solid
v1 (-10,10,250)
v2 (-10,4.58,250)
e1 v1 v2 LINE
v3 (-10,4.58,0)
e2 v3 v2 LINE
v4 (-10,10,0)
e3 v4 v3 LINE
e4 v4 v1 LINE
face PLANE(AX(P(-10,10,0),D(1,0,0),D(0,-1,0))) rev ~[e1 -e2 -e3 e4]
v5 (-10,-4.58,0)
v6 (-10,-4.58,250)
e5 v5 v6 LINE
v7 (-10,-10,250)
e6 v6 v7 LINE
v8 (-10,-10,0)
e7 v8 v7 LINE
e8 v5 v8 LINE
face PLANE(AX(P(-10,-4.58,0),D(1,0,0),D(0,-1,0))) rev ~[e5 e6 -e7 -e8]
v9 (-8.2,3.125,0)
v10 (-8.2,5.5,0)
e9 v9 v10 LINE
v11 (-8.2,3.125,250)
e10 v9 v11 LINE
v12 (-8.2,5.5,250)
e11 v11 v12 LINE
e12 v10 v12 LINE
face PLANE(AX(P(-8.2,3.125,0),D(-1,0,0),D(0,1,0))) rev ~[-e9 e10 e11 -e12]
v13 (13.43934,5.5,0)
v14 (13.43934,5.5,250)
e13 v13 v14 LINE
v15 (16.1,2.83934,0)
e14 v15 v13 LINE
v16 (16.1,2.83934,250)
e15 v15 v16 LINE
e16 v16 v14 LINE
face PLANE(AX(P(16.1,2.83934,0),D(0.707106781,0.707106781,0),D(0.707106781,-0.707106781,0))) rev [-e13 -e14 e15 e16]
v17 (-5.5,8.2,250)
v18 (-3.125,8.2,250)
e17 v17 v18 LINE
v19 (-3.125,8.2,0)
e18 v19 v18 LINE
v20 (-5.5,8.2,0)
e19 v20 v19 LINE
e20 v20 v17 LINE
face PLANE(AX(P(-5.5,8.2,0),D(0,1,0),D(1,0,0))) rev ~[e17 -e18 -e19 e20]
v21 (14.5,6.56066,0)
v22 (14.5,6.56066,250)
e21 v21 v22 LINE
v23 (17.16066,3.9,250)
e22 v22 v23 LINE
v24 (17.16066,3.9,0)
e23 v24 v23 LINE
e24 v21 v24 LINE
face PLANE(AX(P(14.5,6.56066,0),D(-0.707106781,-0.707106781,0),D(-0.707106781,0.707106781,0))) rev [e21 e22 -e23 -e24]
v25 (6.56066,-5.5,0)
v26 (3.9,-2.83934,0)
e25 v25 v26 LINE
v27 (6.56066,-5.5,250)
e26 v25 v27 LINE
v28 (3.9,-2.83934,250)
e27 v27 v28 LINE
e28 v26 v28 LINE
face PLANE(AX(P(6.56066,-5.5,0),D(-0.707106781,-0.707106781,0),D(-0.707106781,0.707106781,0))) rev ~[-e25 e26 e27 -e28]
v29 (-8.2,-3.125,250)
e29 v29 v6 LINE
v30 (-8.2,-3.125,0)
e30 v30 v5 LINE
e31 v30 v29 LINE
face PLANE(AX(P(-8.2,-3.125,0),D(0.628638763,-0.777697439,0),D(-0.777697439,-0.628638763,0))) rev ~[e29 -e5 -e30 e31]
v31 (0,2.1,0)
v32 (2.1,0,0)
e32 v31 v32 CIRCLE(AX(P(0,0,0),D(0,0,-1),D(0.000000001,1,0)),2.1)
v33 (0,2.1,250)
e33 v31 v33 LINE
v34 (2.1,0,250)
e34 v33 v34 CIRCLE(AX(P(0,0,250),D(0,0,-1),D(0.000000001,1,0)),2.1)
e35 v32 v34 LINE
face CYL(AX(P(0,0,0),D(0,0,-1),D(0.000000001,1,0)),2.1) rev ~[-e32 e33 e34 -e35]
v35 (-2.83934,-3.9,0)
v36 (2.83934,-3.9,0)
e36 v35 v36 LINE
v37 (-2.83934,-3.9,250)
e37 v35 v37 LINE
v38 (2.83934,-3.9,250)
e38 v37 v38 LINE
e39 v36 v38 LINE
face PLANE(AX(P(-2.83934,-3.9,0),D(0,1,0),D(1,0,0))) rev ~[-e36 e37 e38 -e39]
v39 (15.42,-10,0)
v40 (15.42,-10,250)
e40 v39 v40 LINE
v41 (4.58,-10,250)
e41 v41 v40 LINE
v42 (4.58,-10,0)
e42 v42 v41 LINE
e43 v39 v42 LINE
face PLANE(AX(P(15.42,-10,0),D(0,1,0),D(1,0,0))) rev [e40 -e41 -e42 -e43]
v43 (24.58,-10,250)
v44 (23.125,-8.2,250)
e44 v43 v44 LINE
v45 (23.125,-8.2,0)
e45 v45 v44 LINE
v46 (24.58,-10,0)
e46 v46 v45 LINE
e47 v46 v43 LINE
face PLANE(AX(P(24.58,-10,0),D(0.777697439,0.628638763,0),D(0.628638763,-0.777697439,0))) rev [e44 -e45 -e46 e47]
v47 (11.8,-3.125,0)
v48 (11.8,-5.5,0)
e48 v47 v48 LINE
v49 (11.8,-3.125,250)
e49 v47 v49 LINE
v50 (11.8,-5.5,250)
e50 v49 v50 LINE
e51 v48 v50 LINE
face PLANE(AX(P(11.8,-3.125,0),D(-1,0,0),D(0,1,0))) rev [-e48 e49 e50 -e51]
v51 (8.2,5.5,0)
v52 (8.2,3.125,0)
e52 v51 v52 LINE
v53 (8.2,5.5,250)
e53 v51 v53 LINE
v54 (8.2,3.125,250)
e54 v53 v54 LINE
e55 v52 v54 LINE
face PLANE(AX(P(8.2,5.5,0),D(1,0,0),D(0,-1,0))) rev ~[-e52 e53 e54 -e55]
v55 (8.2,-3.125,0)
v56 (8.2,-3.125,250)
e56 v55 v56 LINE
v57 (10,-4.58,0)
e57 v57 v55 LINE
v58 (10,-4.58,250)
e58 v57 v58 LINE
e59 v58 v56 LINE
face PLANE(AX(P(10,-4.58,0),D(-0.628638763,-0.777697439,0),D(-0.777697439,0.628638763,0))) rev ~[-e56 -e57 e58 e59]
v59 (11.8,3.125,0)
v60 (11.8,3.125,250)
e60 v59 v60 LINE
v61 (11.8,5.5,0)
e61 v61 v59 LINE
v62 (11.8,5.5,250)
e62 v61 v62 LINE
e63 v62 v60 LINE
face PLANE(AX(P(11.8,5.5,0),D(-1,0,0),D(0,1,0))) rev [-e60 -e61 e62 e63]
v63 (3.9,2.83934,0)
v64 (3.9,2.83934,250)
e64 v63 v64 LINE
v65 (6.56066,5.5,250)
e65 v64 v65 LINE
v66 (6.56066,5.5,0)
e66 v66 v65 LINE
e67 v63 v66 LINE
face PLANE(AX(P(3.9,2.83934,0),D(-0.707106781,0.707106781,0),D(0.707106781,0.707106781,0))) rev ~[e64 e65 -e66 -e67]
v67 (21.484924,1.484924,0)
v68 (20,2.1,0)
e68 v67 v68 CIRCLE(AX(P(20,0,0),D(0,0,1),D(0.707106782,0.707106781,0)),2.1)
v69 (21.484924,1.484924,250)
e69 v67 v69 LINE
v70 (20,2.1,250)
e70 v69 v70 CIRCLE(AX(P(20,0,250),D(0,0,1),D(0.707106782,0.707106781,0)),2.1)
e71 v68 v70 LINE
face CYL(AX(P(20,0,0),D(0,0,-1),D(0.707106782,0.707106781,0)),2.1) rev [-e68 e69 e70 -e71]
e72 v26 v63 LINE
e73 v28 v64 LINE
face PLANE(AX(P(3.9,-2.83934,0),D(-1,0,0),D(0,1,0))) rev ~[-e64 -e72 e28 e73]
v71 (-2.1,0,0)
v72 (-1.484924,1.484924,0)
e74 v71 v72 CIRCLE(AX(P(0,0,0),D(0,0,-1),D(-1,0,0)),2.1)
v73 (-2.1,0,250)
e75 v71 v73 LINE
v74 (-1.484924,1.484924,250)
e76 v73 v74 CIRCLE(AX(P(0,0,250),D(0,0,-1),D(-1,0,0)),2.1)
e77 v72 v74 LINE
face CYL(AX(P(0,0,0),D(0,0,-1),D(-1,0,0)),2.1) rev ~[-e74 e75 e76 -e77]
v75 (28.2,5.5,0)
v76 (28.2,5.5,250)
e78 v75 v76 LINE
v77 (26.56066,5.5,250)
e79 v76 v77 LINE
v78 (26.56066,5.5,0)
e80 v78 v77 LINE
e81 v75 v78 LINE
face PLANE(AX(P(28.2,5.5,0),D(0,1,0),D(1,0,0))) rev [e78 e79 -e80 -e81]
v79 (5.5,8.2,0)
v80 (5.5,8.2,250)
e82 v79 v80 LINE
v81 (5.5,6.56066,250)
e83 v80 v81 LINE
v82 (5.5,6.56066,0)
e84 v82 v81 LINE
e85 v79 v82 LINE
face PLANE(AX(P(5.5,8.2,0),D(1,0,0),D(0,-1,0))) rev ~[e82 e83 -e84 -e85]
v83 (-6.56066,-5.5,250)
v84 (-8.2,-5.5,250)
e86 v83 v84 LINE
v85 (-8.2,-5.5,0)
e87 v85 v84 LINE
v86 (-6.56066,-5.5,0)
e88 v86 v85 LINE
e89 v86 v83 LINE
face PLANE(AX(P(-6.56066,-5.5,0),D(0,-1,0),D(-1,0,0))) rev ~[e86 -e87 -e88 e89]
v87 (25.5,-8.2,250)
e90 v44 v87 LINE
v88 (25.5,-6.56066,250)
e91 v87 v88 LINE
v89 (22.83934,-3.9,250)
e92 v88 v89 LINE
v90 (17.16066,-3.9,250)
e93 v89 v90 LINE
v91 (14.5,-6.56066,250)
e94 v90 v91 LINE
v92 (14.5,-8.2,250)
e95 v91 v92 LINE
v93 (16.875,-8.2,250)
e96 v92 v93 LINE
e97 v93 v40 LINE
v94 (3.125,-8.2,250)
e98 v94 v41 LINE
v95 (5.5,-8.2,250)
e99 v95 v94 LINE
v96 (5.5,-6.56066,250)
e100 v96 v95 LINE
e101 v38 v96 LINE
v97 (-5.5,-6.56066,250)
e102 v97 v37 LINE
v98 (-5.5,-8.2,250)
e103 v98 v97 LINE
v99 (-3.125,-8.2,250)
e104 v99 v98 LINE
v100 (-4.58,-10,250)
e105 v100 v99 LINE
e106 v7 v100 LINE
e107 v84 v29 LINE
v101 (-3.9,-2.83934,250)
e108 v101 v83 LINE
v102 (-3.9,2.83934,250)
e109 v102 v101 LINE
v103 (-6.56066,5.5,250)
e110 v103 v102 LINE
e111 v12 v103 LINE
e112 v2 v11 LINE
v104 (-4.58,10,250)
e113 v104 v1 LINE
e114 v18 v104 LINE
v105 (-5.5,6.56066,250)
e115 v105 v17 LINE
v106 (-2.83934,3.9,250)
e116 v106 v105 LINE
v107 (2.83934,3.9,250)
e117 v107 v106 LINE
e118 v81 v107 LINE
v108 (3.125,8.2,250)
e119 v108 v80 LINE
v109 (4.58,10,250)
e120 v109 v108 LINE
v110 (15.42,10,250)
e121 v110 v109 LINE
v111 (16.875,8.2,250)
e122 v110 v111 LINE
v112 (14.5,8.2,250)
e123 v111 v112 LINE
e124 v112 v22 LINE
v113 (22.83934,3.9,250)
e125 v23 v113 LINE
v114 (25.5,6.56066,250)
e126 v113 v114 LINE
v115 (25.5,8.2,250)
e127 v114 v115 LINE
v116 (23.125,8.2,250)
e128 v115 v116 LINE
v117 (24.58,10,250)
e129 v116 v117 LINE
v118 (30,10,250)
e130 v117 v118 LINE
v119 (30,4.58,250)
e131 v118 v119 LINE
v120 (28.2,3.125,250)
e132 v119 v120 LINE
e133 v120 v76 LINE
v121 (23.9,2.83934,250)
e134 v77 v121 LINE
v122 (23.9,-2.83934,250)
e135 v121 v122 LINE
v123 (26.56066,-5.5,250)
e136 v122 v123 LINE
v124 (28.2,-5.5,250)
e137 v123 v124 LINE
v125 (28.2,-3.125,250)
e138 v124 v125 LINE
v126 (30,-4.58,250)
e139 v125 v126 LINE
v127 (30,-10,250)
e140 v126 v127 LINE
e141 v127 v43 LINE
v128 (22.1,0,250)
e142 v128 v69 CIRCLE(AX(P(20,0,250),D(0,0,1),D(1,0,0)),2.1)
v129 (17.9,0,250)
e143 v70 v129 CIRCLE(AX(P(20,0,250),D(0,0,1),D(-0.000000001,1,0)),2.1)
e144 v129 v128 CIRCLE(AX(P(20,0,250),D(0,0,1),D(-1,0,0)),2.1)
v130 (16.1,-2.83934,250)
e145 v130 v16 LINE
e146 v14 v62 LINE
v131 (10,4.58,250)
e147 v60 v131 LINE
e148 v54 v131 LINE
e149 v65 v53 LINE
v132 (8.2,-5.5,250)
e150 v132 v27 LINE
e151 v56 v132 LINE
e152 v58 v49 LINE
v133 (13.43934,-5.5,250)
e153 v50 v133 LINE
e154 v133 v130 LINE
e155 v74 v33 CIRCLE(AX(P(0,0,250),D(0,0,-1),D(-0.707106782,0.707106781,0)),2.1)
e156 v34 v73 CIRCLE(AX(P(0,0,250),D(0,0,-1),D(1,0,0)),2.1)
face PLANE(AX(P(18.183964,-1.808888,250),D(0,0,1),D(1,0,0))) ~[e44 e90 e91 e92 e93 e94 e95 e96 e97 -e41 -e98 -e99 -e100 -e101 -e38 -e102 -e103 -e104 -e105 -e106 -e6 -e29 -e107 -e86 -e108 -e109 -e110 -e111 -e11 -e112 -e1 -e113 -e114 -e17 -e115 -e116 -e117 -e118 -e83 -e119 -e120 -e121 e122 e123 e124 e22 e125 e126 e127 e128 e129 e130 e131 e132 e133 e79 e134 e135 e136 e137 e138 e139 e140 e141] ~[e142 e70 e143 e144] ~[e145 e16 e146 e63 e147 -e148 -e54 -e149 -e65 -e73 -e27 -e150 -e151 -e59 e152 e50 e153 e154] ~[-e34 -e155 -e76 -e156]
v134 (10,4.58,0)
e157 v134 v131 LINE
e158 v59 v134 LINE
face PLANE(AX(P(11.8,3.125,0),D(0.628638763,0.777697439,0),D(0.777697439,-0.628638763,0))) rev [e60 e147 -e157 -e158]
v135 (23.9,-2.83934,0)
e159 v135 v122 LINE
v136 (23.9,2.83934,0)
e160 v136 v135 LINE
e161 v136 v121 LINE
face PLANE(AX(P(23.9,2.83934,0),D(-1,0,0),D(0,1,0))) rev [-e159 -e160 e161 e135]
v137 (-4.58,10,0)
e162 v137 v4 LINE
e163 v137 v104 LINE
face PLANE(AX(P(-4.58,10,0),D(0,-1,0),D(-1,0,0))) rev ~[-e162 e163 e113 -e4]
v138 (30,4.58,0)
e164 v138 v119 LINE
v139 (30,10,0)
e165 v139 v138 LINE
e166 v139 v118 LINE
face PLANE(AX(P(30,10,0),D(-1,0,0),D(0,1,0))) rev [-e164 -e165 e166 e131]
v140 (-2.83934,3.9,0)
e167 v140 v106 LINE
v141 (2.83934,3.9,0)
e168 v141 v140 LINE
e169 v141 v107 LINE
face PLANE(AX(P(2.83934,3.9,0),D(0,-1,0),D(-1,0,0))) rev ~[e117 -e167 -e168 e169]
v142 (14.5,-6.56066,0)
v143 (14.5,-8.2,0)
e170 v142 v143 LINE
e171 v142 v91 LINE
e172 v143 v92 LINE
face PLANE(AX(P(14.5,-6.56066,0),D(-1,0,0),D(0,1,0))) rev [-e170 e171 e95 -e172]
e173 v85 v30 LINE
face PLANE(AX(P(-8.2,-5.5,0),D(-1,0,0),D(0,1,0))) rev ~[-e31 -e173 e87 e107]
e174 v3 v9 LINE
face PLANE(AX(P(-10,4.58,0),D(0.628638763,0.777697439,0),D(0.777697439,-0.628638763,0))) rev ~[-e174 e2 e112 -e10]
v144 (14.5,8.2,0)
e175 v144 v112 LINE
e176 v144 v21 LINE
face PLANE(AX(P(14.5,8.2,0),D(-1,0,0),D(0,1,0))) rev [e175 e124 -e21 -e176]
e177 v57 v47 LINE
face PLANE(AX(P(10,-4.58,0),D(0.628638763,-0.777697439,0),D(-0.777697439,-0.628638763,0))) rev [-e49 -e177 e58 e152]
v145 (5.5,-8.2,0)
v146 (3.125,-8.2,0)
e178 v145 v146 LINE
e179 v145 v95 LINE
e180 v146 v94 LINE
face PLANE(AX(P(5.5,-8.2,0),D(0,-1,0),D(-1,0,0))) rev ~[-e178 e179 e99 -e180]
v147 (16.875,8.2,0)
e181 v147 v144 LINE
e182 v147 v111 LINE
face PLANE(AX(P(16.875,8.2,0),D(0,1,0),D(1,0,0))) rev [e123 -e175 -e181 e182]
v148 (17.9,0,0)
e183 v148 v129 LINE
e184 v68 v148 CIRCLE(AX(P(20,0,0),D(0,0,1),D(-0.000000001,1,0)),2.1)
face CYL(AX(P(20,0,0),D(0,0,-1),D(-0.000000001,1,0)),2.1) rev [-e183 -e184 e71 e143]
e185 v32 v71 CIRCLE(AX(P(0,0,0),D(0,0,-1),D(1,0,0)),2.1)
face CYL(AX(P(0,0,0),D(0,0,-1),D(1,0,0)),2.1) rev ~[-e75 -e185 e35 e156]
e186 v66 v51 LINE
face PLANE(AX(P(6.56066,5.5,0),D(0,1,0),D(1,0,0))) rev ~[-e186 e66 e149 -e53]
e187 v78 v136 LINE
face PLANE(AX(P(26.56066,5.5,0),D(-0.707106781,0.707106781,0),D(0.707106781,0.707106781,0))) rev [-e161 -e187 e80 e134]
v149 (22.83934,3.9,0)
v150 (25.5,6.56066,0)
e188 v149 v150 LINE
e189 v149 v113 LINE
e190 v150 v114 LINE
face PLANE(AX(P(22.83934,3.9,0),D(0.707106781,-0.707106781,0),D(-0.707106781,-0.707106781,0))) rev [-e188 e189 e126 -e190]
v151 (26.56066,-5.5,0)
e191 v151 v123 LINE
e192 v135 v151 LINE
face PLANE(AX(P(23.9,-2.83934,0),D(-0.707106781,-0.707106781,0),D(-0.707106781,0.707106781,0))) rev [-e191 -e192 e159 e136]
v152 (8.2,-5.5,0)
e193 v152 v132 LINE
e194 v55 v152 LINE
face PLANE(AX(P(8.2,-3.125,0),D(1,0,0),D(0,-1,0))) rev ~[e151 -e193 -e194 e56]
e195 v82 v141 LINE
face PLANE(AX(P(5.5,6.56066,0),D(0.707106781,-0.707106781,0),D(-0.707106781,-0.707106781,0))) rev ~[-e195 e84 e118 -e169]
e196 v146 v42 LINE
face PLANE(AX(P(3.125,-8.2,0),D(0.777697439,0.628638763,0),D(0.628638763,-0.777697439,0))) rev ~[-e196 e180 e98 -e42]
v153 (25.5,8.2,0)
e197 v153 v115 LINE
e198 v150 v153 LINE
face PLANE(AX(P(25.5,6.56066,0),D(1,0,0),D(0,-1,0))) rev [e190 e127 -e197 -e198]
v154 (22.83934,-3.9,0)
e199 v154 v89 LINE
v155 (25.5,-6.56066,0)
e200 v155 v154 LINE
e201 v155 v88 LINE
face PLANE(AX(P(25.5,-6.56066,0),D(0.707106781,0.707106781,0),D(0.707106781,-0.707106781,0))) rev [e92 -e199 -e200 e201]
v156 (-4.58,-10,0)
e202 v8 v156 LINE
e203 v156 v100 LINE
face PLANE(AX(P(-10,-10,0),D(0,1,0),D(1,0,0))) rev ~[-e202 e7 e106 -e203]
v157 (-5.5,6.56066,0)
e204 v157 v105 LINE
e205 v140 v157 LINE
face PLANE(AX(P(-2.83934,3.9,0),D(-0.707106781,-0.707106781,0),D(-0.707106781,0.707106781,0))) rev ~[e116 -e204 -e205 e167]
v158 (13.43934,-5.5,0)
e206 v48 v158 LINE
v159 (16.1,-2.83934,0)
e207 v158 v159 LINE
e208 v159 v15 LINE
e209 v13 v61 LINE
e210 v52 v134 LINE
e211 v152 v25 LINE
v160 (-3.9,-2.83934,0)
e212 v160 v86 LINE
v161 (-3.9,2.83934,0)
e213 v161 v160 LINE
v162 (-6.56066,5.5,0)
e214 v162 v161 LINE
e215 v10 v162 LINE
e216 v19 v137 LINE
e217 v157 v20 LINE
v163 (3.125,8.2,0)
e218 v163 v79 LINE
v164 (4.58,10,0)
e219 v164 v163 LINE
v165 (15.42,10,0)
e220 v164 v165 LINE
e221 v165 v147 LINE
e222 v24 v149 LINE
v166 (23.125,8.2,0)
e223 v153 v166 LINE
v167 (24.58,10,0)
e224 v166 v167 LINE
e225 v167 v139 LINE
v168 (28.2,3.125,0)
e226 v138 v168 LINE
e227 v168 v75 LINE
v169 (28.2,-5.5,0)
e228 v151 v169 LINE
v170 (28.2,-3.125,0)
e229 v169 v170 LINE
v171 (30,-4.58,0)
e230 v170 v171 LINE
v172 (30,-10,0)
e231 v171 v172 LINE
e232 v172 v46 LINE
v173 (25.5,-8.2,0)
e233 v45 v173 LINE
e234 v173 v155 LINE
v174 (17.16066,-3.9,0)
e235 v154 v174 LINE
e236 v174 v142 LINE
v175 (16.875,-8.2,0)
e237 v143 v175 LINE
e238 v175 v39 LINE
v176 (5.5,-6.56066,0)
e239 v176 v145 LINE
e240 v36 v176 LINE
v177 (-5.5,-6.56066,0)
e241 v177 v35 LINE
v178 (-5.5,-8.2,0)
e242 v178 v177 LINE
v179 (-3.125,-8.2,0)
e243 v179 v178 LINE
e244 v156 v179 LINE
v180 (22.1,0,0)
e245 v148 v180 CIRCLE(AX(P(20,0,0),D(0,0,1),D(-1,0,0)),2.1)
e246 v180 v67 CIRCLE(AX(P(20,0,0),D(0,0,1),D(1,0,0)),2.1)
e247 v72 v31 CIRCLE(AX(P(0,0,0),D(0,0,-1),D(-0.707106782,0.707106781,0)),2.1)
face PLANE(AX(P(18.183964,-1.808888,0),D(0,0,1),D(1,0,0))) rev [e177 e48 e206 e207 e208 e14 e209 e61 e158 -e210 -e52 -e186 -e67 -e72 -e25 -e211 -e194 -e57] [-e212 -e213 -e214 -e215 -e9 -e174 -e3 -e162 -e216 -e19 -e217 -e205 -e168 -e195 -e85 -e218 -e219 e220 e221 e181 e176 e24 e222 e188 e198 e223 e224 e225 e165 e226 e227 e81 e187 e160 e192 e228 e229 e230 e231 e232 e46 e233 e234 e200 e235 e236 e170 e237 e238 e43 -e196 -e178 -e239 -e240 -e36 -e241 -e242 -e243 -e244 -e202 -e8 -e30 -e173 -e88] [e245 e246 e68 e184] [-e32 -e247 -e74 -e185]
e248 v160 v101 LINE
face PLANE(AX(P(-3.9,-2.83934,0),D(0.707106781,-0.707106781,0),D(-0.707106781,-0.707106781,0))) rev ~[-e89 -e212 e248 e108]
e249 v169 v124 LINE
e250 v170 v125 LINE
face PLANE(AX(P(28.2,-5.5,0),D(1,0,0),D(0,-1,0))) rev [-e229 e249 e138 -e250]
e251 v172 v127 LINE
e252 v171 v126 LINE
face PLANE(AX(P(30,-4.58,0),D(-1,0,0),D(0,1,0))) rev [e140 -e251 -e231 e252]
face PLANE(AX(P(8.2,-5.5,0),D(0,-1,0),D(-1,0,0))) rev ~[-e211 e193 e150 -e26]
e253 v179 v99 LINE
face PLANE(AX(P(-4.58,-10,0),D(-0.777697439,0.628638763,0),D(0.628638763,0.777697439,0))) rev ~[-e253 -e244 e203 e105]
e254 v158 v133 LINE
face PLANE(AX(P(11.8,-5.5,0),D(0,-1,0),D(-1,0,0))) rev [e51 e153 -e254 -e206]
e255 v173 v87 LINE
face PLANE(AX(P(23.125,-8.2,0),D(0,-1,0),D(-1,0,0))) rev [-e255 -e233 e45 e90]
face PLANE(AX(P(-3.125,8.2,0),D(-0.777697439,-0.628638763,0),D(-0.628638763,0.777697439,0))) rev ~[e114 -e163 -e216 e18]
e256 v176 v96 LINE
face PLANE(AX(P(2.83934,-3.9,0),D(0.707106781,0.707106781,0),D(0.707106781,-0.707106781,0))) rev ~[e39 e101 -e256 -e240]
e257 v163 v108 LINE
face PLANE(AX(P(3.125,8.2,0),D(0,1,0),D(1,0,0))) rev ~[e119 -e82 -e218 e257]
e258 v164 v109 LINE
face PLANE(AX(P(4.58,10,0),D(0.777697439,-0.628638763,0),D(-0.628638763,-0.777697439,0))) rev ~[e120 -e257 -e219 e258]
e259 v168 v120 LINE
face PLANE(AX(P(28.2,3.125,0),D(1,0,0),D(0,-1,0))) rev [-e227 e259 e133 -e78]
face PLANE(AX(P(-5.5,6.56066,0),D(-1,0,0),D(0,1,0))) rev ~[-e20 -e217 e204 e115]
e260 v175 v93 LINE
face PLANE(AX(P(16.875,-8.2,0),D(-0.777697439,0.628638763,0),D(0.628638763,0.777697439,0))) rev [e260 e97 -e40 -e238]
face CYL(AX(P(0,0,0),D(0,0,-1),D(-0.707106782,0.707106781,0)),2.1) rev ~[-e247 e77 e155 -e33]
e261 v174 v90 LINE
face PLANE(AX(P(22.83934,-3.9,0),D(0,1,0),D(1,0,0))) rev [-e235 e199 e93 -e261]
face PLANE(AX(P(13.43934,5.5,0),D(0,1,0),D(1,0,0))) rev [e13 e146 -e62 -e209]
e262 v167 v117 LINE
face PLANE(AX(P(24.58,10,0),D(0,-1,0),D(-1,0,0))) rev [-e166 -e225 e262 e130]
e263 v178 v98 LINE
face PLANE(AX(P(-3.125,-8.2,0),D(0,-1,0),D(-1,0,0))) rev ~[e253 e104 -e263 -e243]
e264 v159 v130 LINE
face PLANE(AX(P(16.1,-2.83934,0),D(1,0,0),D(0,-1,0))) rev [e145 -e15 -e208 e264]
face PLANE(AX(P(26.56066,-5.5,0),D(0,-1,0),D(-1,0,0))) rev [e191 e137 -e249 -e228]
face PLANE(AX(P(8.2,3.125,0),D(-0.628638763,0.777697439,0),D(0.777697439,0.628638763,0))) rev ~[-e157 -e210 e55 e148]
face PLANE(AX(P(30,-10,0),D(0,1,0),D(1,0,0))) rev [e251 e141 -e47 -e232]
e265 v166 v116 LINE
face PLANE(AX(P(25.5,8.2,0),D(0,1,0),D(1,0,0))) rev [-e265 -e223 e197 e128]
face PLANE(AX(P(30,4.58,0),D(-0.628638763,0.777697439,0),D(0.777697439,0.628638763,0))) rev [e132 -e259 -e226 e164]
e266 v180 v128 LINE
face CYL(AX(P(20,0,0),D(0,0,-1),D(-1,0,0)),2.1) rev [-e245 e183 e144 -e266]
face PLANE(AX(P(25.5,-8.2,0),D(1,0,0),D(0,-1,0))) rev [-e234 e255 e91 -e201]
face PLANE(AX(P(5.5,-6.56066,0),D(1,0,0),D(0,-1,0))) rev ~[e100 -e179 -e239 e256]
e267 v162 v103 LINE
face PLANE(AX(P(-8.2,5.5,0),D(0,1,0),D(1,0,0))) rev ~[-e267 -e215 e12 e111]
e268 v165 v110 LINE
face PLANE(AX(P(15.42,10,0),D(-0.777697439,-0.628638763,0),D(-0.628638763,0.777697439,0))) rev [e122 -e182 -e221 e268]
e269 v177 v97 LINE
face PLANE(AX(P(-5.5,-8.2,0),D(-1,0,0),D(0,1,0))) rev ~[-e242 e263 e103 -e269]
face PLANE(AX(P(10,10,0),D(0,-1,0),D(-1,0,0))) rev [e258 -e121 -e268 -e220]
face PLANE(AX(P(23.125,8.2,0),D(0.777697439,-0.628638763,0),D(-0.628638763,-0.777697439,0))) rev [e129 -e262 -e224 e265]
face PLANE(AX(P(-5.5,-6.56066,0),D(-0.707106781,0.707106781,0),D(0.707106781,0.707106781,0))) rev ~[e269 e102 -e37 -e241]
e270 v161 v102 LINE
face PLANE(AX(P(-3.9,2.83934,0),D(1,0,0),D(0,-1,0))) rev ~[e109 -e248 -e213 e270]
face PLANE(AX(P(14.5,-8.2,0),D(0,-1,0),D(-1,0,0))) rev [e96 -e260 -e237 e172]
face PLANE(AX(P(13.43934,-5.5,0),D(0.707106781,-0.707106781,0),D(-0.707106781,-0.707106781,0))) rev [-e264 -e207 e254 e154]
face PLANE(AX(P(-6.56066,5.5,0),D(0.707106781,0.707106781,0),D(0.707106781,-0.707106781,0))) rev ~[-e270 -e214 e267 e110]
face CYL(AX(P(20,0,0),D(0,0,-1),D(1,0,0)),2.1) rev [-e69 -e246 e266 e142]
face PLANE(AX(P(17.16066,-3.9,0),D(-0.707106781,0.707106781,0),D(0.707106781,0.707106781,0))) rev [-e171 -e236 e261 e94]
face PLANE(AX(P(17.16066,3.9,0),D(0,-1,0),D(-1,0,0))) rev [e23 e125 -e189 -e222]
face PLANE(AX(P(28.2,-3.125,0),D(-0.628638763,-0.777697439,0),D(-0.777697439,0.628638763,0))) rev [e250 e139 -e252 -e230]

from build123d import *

# Parameters (mm, degrees)
BOSS_EXTRUDE1_DEPTH = 250


with BuildPart() as part:
    # Sketch2 → Boss-Extrude1 (new body)
    with BuildSketch(Plane.XY):
        with BuildLine():
            Line((2.839339828, 3.9), (0, 3.9))
            Line((0, 3.9), (0, 2.1))
            ThreePointArc((0, 2.1), (1.48492424, 1.48492424), (2.1, 0))
            ThreePointArc((2.1, 0), (0, -2.1), (-2.1, 0))
            Line((-2.1, 0), (-3.9, 0))
            Line((-3.9, 0), (-3.9, -2.839339828))
            Line((-3.9, -2.839339828), (-6.560660172, -5.5))
            Line((-6.560660172, -5.5), (-8.2, -5.5))
            Line((-8.2, -5.5), (-8.2, -3.125))
            Line((-8.2, -3.125), (-10, -4.58))
            Line((-10, -4.58), (-10, -10))
            Line((-10, -10), (-4.58, -10))
            Line((-4.58, -10), (-3.125, -8.2))
            Line((-3.125, -8.2), (-5.5, -8.2))
            Line((-5.5, -8.2), (-5.5, -6.560660172))
            Line((-5.5, -6.560660172), (-2.839339828, -3.9))
            Line((-2.839339828, -3.9), (0, -3.9))
            Line((0, -3.9), (2.839339828, -3.9))
            Line((2.839339828, -3.9), (5.5, -6.560660172))
            Line((5.5, -6.560660172), (5.5, -8.2))
            Line((5.5, -8.2), (3.125, -8.2))
            Line((3.125, -8.2), (4.58, -10))
            Line((4.58, -10), (10, -10))
            Line((10, -10), (10, -4.58))
            Line((10, -4.58), (8.2, -3.125))
            Line((8.2, -3.125), (8.2, -5.5))
            Line((8.2, -5.5), (6.560660172, -5.5))
            Line((6.560660172, -5.5), (3.9, -2.839339828))
            Line((3.9, -2.839339828), (3.9, 0))
            Line((3.9, 0), (3.9, 2.839339828))
            Line((3.9, 2.839339828), (6.560660172, 5.5))
            Line((6.560660172, 5.5), (8.2, 5.5))
            Line((8.2, 5.5), (8.2, 3.125))
            Line((8.2, 3.125), (10, 4.58))
            Line((10, 4.58), (10, 10))
            Line((10, 10), (4.58, 10))
            Line((4.58, 10), (3.125, 8.2))
            Line((3.125, 8.2), (5.5, 8.2))
            Line((5.5, 8.2), (5.5, 6.560660172))
            Line((5.5, 6.560660172), (2.839339828, 3.9))
        make_face()
        with BuildLine():
            Line((-1.48492424, 1.48492424), (-10, 10))
            Line((-10, 10), (-10, 4.58))
            Line((-10, 4.58), (-8.2, 3.125))
            Line((-8.2, 3.125), (-8.2, 5.5))
            Line((-8.2, 5.5), (-6.560660172, 5.5))
            Line((-6.560660172, 5.5), (-3.9, 2.839339828))
            Line((-3.9, 2.839339828), (-3.9, 0))
            Line((-3.9, 0), (-2.1, 0))
            ThreePointArc((-2.1, 0), (-1.940147018, 0.803635208), (-1.48492424, 1.48492424))
        make_face()
        with BuildLine():
            Line((-5.5, 6.560660172), (-5.5, 8.2))
            Line((-5.5, 8.2), (-3.125, 8.2))
            Line((-3.125, 8.2), (-4.58, 10))
            Line((-4.58, 10), (-10, 10))
            Line((-10, 10), (-1.48492424, 1.48492424))
            ThreePointArc((-1.48492424, 1.48492424), (-0.803635208, 1.940147018), (0, 2.1))
            Line((0, 2.1), (0, 3.9))
            Line((0, 3.9), (-2.839339828, 3.9))
            Line((-2.839339828, 3.9), (-5.5, 6.560660172))
        make_face()
    boss_extrude1 = extrude(amount=BOSS_EXTRUDE1_DEPTH)

    # Mirror1: Boss-Extrude1 across plane
    add(boss_extrude1.mirror(Plane(origin=(10, 0, 250), x_dir=(0, 0, 1), z_dir=(1, 0, 0))))


solid = part.part
